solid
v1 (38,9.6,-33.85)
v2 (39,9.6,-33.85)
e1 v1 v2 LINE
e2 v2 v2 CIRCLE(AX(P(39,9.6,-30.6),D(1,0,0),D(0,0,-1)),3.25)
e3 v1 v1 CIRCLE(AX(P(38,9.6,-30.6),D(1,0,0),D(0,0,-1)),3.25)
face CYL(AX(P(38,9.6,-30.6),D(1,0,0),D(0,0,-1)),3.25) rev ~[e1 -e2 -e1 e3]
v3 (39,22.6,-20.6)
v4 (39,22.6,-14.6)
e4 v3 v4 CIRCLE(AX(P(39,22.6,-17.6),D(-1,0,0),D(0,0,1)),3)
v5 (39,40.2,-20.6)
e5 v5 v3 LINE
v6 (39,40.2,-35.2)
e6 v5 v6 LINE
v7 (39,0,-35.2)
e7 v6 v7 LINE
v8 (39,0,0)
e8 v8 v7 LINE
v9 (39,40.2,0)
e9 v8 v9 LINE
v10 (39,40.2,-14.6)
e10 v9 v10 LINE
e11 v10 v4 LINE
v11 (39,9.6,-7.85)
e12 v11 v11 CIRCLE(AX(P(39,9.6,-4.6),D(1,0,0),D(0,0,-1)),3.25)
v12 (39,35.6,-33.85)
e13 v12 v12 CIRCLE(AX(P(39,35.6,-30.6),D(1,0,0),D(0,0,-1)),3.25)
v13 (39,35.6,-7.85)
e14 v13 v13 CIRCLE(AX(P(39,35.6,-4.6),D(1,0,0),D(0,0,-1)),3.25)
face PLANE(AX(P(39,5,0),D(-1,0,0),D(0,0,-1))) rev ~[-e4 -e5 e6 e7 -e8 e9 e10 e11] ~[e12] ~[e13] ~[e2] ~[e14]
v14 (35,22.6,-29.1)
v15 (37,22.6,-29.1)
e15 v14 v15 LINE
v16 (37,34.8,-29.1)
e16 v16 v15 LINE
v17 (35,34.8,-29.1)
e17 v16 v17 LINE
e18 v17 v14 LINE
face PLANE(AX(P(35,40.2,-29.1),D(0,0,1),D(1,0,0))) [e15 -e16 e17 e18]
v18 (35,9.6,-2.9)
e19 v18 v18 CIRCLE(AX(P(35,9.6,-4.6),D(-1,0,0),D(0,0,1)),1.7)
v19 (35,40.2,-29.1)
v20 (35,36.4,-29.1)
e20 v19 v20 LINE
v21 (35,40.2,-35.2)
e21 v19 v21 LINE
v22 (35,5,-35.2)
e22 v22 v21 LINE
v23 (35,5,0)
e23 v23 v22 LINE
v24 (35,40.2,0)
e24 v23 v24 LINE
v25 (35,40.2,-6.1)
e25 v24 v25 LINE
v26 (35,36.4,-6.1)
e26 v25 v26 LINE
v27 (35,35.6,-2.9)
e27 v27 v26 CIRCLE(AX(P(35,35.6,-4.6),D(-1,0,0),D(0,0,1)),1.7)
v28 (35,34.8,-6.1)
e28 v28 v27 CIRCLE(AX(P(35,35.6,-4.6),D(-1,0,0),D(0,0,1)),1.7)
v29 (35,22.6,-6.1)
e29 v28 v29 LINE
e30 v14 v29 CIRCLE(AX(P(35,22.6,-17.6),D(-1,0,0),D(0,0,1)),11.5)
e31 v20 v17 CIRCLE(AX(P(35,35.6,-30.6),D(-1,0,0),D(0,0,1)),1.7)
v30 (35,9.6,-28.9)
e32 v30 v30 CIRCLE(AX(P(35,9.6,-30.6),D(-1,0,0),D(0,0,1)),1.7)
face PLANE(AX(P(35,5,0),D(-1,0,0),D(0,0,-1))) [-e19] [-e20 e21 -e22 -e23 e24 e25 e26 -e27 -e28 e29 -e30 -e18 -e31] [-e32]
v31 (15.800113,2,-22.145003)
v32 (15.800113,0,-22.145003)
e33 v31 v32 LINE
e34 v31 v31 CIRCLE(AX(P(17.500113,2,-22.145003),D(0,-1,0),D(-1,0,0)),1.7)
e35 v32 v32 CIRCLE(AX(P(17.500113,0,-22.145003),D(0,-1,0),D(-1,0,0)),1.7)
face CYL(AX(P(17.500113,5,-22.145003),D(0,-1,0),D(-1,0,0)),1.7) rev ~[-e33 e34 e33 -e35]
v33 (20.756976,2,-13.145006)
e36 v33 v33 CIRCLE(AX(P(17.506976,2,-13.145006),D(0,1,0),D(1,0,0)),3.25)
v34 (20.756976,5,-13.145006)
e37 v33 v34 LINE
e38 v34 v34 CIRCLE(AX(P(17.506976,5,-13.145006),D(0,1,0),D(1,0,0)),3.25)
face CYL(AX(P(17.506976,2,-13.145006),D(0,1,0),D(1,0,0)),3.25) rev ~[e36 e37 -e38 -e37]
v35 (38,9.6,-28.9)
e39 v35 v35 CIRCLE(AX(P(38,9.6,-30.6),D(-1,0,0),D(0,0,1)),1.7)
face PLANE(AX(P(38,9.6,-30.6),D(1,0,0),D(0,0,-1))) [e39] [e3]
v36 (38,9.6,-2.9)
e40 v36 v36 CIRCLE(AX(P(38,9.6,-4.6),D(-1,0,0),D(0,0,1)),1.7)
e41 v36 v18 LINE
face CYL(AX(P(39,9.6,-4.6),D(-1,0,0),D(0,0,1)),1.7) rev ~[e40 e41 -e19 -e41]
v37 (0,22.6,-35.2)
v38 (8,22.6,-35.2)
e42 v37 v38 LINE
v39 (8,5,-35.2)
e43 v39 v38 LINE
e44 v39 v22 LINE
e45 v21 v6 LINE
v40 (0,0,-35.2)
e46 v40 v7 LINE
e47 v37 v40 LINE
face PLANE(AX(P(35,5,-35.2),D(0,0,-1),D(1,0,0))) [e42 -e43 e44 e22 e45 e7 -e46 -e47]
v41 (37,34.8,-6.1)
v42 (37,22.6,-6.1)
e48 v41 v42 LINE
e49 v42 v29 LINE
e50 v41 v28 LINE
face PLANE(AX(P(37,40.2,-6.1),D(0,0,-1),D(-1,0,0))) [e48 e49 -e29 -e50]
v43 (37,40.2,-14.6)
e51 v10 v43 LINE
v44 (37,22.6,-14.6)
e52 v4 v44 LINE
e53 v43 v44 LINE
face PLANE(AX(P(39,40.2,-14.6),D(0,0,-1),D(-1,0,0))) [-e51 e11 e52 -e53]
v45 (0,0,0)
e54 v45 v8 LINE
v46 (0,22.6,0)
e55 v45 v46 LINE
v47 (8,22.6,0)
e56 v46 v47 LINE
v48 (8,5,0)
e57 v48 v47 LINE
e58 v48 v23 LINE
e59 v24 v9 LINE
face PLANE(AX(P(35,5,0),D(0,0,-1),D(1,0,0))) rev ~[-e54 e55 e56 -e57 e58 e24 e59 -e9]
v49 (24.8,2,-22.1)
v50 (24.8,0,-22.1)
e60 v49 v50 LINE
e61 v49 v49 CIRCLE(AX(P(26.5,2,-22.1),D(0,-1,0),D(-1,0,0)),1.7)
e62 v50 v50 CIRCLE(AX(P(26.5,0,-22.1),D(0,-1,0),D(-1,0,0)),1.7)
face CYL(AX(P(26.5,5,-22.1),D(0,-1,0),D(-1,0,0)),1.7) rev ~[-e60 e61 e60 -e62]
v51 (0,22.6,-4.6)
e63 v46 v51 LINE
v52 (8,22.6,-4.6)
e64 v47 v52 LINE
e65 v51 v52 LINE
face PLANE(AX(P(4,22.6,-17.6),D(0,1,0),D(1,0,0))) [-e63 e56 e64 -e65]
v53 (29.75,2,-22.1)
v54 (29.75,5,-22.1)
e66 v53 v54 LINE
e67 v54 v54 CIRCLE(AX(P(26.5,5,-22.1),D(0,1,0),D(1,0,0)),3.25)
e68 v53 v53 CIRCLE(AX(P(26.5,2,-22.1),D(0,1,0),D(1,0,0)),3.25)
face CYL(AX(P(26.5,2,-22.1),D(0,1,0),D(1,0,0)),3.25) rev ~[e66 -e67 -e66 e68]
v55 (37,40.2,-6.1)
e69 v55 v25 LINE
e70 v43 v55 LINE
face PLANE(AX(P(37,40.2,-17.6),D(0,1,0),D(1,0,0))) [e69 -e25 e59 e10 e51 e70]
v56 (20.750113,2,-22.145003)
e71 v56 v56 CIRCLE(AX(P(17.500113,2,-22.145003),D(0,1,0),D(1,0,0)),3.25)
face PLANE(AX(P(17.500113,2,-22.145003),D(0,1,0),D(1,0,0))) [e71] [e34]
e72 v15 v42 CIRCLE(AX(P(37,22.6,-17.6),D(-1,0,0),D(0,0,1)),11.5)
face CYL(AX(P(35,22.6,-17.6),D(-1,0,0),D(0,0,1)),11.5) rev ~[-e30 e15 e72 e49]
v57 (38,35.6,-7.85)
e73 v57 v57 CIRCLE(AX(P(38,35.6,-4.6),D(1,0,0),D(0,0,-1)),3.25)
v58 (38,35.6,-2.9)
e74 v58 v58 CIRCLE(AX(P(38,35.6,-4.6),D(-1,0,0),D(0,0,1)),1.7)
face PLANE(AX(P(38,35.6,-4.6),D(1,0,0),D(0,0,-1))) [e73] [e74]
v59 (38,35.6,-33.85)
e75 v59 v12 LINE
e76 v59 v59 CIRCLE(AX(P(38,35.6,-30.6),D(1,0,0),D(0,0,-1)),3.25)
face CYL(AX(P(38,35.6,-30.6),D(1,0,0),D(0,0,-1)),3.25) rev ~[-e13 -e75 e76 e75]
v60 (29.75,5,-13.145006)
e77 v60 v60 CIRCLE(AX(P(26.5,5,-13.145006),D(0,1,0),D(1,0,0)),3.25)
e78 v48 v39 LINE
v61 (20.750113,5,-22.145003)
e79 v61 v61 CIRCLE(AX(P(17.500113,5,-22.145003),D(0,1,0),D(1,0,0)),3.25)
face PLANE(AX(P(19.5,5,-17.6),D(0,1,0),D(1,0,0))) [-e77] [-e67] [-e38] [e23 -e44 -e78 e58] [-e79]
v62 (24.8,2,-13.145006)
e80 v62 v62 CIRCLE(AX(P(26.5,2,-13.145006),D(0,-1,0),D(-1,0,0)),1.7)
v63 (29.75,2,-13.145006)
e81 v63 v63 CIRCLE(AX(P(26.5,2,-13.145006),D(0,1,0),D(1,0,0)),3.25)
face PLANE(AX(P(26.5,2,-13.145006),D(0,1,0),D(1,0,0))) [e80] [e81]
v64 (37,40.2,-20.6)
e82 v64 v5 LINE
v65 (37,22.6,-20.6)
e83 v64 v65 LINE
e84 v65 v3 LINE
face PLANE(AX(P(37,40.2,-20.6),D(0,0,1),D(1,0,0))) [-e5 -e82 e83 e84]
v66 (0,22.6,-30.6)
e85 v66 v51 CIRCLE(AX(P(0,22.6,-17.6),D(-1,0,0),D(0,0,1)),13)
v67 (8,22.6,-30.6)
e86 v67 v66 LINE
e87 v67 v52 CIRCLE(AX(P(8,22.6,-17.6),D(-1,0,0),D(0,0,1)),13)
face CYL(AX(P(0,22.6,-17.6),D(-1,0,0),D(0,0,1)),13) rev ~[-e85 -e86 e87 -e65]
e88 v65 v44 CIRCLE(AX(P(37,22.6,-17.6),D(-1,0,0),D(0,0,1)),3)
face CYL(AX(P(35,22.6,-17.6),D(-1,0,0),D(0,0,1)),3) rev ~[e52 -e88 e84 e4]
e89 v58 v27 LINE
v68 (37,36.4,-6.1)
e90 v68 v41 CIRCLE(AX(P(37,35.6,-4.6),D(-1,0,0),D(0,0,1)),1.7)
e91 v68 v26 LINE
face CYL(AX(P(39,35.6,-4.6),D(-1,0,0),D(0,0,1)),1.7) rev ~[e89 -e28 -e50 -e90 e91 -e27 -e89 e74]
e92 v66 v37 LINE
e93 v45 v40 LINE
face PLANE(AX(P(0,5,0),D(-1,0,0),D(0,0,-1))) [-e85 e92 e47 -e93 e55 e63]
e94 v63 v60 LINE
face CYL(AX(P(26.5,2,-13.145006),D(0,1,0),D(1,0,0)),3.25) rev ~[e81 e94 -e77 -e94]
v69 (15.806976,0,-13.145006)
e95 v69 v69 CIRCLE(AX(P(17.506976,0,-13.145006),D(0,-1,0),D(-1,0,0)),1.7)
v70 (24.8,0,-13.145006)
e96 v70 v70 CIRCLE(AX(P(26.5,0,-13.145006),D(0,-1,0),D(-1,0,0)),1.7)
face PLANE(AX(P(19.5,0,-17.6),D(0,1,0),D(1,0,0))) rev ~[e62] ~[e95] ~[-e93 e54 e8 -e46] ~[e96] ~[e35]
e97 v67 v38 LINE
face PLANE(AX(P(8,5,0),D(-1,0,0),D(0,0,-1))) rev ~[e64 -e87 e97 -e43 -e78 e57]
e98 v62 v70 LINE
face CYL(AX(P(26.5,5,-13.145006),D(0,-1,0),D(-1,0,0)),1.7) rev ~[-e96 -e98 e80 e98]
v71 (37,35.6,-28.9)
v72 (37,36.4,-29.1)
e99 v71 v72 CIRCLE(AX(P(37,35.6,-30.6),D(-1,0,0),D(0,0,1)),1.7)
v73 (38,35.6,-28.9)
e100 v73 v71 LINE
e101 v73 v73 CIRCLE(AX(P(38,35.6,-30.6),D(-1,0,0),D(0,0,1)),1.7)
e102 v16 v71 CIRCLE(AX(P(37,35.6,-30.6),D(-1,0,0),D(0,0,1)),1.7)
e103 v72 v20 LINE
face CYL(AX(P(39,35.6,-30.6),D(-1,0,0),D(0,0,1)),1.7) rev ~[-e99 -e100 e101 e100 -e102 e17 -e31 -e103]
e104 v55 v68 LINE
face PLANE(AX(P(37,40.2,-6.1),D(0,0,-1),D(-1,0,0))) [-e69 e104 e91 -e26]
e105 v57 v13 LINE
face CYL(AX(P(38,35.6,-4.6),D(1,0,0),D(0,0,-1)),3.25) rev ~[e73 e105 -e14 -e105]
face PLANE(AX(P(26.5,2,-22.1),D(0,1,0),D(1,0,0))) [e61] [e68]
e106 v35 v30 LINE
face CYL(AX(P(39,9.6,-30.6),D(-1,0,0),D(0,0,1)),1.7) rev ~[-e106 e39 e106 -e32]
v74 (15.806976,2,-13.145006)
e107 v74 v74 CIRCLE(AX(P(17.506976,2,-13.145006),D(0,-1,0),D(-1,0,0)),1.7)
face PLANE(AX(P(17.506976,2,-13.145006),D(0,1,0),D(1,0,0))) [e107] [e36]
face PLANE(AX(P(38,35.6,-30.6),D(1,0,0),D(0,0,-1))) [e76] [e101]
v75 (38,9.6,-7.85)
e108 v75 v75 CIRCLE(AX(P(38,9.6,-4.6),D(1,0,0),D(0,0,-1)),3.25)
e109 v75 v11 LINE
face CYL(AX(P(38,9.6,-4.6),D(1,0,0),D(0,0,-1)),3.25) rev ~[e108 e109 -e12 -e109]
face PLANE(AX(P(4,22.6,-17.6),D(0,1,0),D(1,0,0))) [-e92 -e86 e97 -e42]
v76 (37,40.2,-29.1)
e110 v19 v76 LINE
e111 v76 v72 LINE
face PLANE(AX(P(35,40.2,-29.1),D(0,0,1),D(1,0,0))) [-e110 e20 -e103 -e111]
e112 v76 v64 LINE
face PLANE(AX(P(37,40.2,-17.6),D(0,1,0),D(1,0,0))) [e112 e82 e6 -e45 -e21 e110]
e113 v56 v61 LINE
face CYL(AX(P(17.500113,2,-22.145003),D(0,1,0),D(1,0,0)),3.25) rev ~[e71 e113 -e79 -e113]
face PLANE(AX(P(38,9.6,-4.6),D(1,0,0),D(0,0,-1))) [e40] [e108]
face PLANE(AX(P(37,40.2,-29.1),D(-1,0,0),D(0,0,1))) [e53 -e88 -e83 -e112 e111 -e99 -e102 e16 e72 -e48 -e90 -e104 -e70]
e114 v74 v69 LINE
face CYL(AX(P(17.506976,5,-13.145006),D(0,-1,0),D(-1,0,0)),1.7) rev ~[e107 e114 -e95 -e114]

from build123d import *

# Parameters (mm, degrees)
SKETCH1_W                      = 39
SKETCH1_H                      = 35.2
BOSS_EXTRUDE1_DEPTH            = 5
SKETCH2_W                      = 8
SKETCH2_H                      = 35.2
BOSS_EXTRUDE2_DEPTH            = 35.2
SKETCH3_W                      = 4
SKETCH3_H                      = 35.2
BOSS_EXTRUDE3_DEPTH            = 35.2
CUT_EXTRUDE2_REACH             = 41
SKETCH5_R                      = 13
CBORE_FOR_M3_SHCS1_D           = 3.4
CBORE_FOR_M3_SHCS1_DEPTH       = 5
CBORE_FOR_M3_SHCS1_CBORE_D     = 6.5
CBORE_FOR_M3_SHCS1_CBORE_DEPTH = 3
CUT_EXTRUDE3_DEPTH             = 17.6
SKETCH13_R                     = 3
CUT_EXTRUDE5_DEPTH             = 5
SKETCH14_R                     = 11.5
CUT_EXTRUDE6_DEPTH             = 2
CBORE_FOR_M3_SHCS2_D           = 3.4
CBORE_FOR_M3_SHCS2_DEPTH       = 4
CBORE_FOR_M3_SHCS2_CBORE_D     = 6.5
CBORE_FOR_M3_SHCS2_CBORE_DEPTH = 1
SKETCH17_W                     = 8
SKETCH17_H                     = 35.2
CUT_EXTRUDE7_DEPTH             = 17.6


with BuildPart() as part:
    # Sketch1 → Boss-Extrude1 (new body)
    with BuildSketch(Plane(origin=(0, 0, 0), x_dir=(1, 0, 0), z_dir=(0, 1, 0))):
        with Locations((19.5, 17.6)):
            Rectangle(SKETCH1_W, SKETCH1_H)
    extrude(amount=BOSS_EXTRUDE1_DEPTH)

    # Sketch2 → Boss-Extrude2 (add)
    with BuildSketch(Plane(origin=(0, 5, 0), x_dir=(1, 0, 0), z_dir=(0, 1, 0))):
        with Locations((4, 17.6)):
            Rectangle(SKETCH2_W, SKETCH2_H)
    extrude(amount=BOSS_EXTRUDE2_DEPTH)

    # Sketch3 → Boss-Extrude3 (add)
    with BuildSketch(Plane(origin=(0, 5, 0), x_dir=(1, 0, 0), z_dir=(0, 1, 0))):
        with Locations((37, 17.6)):
            Rectangle(SKETCH3_W, SKETCH3_H)
    extrude(amount=BOSS_EXTRUDE3_DEPTH)

    # Sketch5 → Cut-Extrude2 (cut, up to next)
    with BuildSketch(Plane.ZY, mode=Mode.PRIVATE) as cut_extrude2_sk1:
        with Locations((-17.6, 22.6)):
            Circle(SKETCH5_R)
    cut_extrude2_tool1 = extrude(cut_extrude2_sk1.sketch, amount=-CUT_EXTRUDE2_REACH, mode=Mode.PRIVATE) & part.part
    add(cut_extrude2_tool1.solids().sort_by_distance((0, 22.6, -17.6))[0], mode=Mode.SUBTRACT)

    # CBORE for M3 SHCS1
    with Locations(Plane(origin=(0, 5, 0), x_dir=(1, 0, 0), z_dir=(0, 1, 0))):
        with Locations((17.506975999, 13.145005862), (17.500112517, 22.145003245), (26.5, 22.1), (26.5, 13.145005862)):
            CounterBoreHole(CBORE_FOR_M3_SHCS1_D / 2, CBORE_FOR_M3_SHCS1_CBORE_D / 2, CBORE_FOR_M3_SHCS1_CBORE_DEPTH, depth=CBORE_FOR_M3_SHCS1_DEPTH)

    # Sketch10 → Cut-Extrude3 (cut)
    with BuildSketch(Plane(origin=(0, 40.2, 0), x_dir=(1, 0, 0), z_dir=(0, 1, 0))):
        Polygon((37, 20.6), (39, 20.6), (39, 14.6), (37, 14.6), (37, 6.1), (35, 6.1), (35, 29.1), (37, 29.1), align=None)
    extrude(amount=-CUT_EXTRUDE3_DEPTH, mode=Mode.SUBTRACT)

    # Sketch13 → Cut-Extrude5 (cut, through all)
    with BuildSketch(Plane.ZY.offset(-35)):
        with Locations((-17.6, 22.6)):
            Circle(SKETCH13_R)
    extrude(amount=-CUT_EXTRUDE5_DEPTH, mode=Mode.SUBTRACT)

    # Sketch14 → Cut-Extrude6 (cut)
    with BuildSketch(Plane.ZY.offset(-35)):
        with Locations((-17.6, 22.6)):
            Circle(SKETCH14_R)
    extrude(amount=-CUT_EXTRUDE6_DEPTH, mode=Mode.SUBTRACT)

    # CBORE for M3 SHCS2
    with Locations(Plane(origin=(39, 0, 0), x_dir=(0, 0, -1), z_dir=(1, 0, 0))):
        with Locations((30.6, 35.6), (30.6, 9.6), (4.6, 9.6), (4.6, 35.6)):
            CounterBoreHole(CBORE_FOR_M3_SHCS2_D / 2, CBORE_FOR_M3_SHCS2_CBORE_D / 2, CBORE_FOR_M3_SHCS2_CBORE_DEPTH, depth=CBORE_FOR_M3_SHCS2_DEPTH)

    # Sketch17 → Cut-Extrude7 (cut)
    with BuildSketch(Plane(origin=(0, 40.2, 0), x_dir=(1, 0, 0), z_dir=(0, 1, 0))):
        with Locations((4, 17.6)):
            Rectangle(SKETCH17_W, SKETCH17_H)
    extrude(amount=-CUT_EXTRUDE7_DEPTH, mode=Mode.SUBTRACT)


solid = part.part
